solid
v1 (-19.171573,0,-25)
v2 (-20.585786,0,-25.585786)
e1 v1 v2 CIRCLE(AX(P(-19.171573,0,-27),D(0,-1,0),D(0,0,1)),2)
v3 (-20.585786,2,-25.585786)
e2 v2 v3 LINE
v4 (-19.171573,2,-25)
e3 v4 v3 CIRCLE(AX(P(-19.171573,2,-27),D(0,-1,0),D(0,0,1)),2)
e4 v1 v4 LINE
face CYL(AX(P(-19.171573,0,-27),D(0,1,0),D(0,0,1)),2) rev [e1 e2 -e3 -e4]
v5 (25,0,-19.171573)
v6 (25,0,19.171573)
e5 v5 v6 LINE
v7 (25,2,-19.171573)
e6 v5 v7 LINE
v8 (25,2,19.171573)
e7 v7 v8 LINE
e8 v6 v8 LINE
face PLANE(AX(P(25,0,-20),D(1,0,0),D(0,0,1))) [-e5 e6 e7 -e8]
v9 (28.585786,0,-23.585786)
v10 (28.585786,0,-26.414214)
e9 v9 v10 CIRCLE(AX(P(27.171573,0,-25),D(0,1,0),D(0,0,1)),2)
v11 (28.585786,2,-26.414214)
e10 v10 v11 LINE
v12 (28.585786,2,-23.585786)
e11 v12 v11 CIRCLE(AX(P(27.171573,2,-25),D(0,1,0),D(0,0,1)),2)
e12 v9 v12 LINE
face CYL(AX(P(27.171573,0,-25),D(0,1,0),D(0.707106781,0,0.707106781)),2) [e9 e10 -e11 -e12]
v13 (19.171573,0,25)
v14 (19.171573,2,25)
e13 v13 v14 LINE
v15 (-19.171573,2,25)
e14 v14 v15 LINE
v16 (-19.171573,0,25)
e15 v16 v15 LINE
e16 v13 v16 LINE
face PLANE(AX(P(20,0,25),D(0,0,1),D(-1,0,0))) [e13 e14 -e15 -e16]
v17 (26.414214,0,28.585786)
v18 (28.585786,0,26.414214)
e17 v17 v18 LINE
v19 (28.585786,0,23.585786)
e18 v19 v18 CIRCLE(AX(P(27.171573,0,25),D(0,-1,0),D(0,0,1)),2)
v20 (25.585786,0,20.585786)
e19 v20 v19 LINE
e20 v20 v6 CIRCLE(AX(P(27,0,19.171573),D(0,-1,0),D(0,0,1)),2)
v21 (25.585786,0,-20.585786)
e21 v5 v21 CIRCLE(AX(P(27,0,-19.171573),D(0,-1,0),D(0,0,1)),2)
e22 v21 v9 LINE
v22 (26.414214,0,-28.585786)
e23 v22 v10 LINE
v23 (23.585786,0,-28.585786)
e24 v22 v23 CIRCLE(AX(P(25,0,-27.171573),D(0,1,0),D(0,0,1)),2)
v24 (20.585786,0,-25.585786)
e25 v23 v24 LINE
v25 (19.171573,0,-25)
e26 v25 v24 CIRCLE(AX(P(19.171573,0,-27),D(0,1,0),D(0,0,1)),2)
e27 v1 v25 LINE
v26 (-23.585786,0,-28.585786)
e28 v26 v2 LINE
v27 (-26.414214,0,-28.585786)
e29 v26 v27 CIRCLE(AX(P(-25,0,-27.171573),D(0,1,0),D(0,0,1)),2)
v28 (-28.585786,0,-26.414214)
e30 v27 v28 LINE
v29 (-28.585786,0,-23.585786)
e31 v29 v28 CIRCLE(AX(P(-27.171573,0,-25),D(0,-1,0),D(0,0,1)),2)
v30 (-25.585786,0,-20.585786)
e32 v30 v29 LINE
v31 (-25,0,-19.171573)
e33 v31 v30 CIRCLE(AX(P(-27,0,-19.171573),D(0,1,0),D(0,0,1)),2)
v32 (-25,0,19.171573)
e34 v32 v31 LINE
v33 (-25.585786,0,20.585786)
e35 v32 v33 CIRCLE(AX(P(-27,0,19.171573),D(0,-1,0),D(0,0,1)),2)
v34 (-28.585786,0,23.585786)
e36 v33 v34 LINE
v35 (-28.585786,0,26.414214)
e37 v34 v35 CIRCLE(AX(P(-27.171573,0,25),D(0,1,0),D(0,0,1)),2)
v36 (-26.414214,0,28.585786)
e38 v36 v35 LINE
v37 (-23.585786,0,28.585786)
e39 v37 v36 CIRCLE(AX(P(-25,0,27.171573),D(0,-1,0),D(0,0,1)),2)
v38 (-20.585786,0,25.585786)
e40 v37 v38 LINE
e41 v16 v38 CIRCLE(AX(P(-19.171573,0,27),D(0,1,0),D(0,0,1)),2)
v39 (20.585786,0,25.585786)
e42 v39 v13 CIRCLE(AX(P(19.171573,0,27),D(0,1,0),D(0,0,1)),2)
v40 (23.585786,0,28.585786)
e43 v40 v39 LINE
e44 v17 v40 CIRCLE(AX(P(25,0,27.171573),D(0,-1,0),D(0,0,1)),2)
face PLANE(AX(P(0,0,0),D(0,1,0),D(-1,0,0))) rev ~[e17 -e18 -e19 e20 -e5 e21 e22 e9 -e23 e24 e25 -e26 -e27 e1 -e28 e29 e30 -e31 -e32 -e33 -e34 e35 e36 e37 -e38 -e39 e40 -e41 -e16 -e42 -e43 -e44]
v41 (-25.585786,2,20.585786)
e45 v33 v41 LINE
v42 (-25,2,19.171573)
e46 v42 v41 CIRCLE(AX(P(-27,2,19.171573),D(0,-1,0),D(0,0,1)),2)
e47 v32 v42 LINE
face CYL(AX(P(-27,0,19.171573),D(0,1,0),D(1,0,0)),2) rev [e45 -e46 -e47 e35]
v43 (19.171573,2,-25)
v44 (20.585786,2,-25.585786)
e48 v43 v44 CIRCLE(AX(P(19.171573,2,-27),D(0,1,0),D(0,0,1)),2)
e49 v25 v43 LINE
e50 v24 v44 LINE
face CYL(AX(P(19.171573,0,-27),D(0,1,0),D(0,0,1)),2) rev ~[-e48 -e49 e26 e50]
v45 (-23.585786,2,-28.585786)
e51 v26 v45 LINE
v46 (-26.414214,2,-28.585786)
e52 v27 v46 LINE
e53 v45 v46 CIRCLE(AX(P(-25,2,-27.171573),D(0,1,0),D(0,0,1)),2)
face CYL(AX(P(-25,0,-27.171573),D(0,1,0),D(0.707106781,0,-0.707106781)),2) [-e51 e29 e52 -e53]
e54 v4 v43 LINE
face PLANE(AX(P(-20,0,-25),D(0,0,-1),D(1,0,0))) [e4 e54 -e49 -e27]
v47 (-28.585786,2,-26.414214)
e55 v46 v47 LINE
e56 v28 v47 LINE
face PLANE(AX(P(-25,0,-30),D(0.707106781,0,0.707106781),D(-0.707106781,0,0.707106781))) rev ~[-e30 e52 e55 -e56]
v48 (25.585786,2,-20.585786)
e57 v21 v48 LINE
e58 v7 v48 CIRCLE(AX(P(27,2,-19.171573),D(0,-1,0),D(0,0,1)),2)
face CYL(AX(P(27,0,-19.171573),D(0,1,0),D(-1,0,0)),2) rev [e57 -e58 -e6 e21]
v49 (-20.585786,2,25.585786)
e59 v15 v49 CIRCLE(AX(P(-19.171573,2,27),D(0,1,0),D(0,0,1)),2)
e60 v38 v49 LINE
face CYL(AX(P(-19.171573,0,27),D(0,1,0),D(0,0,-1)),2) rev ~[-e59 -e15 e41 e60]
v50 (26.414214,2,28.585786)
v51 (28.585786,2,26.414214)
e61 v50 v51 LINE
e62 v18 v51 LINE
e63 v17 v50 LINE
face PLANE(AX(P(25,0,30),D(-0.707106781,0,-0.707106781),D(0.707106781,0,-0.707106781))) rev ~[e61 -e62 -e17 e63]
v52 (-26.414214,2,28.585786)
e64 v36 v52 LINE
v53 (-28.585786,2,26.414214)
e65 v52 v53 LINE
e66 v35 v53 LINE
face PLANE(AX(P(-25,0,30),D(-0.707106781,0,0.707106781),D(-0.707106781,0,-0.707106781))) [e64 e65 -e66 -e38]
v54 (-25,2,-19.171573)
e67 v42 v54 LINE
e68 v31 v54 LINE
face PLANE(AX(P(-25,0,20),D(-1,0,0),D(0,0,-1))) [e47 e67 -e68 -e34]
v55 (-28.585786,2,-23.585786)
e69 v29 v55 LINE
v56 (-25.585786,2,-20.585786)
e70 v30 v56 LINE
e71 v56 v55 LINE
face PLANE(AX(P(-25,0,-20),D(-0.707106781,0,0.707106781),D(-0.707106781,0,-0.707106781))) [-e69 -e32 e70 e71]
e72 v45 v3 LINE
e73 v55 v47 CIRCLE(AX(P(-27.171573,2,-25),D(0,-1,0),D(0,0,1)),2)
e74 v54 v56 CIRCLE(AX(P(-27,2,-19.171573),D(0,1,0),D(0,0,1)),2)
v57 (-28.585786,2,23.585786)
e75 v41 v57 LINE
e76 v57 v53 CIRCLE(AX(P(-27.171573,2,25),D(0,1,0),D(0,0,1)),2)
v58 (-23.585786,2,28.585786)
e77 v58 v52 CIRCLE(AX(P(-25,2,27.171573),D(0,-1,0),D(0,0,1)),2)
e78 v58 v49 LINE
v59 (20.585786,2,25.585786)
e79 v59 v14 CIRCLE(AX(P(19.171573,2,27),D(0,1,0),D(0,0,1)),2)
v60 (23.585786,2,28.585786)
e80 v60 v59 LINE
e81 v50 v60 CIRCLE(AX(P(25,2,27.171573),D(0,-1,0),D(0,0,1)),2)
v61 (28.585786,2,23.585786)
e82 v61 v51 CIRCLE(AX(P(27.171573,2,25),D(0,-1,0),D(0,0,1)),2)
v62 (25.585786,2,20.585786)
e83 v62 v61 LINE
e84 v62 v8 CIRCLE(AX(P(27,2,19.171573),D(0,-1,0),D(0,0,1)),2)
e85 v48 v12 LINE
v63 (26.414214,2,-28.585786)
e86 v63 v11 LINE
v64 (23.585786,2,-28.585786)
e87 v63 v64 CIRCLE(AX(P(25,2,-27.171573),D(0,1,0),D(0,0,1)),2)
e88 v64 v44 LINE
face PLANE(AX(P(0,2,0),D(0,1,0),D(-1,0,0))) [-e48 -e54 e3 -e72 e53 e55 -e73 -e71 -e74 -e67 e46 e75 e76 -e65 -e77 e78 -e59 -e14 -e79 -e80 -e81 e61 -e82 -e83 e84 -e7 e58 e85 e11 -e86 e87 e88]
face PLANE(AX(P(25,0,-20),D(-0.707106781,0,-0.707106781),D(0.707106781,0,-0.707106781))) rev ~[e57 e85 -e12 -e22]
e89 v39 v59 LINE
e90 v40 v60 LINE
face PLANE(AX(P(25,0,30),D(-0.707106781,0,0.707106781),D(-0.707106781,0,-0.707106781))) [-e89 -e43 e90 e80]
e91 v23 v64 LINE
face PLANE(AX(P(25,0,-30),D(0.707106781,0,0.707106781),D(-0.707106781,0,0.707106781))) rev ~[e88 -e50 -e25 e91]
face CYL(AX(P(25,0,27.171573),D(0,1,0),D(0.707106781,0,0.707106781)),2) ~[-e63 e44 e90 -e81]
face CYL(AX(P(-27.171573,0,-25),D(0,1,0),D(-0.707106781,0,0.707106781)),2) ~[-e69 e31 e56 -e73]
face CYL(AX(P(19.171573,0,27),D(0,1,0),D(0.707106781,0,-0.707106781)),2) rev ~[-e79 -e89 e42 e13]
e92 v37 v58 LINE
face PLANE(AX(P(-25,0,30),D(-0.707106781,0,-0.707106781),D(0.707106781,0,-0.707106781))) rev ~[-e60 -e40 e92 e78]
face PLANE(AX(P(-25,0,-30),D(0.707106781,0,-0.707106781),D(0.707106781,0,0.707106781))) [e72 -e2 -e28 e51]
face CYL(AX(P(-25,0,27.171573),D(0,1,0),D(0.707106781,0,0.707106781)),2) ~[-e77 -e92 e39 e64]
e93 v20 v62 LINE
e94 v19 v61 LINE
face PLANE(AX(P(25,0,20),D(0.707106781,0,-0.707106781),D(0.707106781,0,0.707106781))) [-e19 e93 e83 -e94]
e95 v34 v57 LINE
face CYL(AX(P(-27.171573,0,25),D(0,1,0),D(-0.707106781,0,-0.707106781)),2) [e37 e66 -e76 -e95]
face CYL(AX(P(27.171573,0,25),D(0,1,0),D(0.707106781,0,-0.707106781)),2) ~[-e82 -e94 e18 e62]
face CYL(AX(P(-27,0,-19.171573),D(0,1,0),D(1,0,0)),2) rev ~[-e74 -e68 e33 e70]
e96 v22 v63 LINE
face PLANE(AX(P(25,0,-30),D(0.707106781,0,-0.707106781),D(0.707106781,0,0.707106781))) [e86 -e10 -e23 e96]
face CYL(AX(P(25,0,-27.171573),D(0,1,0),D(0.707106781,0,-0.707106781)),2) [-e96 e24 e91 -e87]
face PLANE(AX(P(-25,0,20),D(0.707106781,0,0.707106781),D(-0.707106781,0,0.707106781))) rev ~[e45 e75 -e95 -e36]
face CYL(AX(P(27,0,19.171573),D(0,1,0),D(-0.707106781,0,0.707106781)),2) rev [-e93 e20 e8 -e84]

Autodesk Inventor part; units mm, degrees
ref_plane "YZ Plane" through (0, 0, 0) normal (1, 0, 0) x (0, 1, 0)
ref_plane "XZ Plane" through (0, 0, 0) normal (0, 1, 0) x (-1, 0, 0)
ref_plane "XY Plane" through (0, 0, 0) normal (0, 0, 1) x (1, 0, 0)
sketch "Sketch1" plane through (0, 0, 0) normal (0, 1, 0) x (-1, 0, 0)
  line L0 (-25, 25) -> (25, 25)
  line L1 (25, 25) -> (25, -25)
  line L2 (25, -25) -> (-25, -25)
  line L3 (-25, -25) -> (-25, 25)
  line L4 (-25, 25) -> (25, -25) construction
  line L5 (25, 25) -> (-25, -25) construction
  line L6 (-30, 30) -> (30, 30) construction
  line L7 (30, 30) -> (30, -30) construction
  line L8 (30, -30) -> (-30, -30) construction
  line L9 (-30, -30) -> (-30, 30) construction
  line L10 (-30, 30) -> (30, -30) construction
  line L11 (30, 30) -> (-30, -30) construction
  line L12 (-25, 30) -> (-30, 25)
  line L13 (-30, 25) -> (-25, 30)
  line L14 (-25, 30) -> (-20, 25)
  line L15 (-20, 25) -> (-25, 20)
  line L16 (-25, 20) -> (-30, 25)
  line L17 (0, 0) -> (0, 2.49) construction
  line L18 (0, 0) -> (2.0714, 0) construction
  line L19 (25, 30) -> (30, 25)
  line L20 (25, 30) -> (20, 25)
  line L21 (20, 25) -> (25, 20)
  line L22 (25, 20) -> (30, 25)
  line L23 (-25, -30) -> (-30, -25)
  line L24 (-25, -30) -> (-20, -25)
  line L25 (-20, -25) -> (-25, -20)
  line L26 (-25, -20) -> (-30, -25)
  line L27 (25, -30) -> (20, -25)
  line L28 (25, -20) -> (30, -25)
  line L29 (25, -30) -> (30, -25)
  line L30 (20, -25) -> (25, -20)
  dimension "d0" = 50
  dimension "d1" = 50
  dimension "d2" = 60
  dimension "d3" = 60
  dimension "d4" = 5
  dimension "d5" = 5
extrude "Extrusion1" add sketch "Sketch1" along normal blind 2
fillet "Fillet1" radius 2 16 edges at (30, 1, 25) (25, 1, 30) (25, 1, 20) (25, 1, -20) (30, 1, -25) (25, 1, -30) (20, 1, -25) (-20, 1, -25) (-25, 1, -30) (-30, 1, -25) (-25, 1, -20) (-25, 1, 20) (-20, 1, 25) (-30, 1, 25) (-25, 1, 30) (20, 1, 25)
properties part number "drone"
